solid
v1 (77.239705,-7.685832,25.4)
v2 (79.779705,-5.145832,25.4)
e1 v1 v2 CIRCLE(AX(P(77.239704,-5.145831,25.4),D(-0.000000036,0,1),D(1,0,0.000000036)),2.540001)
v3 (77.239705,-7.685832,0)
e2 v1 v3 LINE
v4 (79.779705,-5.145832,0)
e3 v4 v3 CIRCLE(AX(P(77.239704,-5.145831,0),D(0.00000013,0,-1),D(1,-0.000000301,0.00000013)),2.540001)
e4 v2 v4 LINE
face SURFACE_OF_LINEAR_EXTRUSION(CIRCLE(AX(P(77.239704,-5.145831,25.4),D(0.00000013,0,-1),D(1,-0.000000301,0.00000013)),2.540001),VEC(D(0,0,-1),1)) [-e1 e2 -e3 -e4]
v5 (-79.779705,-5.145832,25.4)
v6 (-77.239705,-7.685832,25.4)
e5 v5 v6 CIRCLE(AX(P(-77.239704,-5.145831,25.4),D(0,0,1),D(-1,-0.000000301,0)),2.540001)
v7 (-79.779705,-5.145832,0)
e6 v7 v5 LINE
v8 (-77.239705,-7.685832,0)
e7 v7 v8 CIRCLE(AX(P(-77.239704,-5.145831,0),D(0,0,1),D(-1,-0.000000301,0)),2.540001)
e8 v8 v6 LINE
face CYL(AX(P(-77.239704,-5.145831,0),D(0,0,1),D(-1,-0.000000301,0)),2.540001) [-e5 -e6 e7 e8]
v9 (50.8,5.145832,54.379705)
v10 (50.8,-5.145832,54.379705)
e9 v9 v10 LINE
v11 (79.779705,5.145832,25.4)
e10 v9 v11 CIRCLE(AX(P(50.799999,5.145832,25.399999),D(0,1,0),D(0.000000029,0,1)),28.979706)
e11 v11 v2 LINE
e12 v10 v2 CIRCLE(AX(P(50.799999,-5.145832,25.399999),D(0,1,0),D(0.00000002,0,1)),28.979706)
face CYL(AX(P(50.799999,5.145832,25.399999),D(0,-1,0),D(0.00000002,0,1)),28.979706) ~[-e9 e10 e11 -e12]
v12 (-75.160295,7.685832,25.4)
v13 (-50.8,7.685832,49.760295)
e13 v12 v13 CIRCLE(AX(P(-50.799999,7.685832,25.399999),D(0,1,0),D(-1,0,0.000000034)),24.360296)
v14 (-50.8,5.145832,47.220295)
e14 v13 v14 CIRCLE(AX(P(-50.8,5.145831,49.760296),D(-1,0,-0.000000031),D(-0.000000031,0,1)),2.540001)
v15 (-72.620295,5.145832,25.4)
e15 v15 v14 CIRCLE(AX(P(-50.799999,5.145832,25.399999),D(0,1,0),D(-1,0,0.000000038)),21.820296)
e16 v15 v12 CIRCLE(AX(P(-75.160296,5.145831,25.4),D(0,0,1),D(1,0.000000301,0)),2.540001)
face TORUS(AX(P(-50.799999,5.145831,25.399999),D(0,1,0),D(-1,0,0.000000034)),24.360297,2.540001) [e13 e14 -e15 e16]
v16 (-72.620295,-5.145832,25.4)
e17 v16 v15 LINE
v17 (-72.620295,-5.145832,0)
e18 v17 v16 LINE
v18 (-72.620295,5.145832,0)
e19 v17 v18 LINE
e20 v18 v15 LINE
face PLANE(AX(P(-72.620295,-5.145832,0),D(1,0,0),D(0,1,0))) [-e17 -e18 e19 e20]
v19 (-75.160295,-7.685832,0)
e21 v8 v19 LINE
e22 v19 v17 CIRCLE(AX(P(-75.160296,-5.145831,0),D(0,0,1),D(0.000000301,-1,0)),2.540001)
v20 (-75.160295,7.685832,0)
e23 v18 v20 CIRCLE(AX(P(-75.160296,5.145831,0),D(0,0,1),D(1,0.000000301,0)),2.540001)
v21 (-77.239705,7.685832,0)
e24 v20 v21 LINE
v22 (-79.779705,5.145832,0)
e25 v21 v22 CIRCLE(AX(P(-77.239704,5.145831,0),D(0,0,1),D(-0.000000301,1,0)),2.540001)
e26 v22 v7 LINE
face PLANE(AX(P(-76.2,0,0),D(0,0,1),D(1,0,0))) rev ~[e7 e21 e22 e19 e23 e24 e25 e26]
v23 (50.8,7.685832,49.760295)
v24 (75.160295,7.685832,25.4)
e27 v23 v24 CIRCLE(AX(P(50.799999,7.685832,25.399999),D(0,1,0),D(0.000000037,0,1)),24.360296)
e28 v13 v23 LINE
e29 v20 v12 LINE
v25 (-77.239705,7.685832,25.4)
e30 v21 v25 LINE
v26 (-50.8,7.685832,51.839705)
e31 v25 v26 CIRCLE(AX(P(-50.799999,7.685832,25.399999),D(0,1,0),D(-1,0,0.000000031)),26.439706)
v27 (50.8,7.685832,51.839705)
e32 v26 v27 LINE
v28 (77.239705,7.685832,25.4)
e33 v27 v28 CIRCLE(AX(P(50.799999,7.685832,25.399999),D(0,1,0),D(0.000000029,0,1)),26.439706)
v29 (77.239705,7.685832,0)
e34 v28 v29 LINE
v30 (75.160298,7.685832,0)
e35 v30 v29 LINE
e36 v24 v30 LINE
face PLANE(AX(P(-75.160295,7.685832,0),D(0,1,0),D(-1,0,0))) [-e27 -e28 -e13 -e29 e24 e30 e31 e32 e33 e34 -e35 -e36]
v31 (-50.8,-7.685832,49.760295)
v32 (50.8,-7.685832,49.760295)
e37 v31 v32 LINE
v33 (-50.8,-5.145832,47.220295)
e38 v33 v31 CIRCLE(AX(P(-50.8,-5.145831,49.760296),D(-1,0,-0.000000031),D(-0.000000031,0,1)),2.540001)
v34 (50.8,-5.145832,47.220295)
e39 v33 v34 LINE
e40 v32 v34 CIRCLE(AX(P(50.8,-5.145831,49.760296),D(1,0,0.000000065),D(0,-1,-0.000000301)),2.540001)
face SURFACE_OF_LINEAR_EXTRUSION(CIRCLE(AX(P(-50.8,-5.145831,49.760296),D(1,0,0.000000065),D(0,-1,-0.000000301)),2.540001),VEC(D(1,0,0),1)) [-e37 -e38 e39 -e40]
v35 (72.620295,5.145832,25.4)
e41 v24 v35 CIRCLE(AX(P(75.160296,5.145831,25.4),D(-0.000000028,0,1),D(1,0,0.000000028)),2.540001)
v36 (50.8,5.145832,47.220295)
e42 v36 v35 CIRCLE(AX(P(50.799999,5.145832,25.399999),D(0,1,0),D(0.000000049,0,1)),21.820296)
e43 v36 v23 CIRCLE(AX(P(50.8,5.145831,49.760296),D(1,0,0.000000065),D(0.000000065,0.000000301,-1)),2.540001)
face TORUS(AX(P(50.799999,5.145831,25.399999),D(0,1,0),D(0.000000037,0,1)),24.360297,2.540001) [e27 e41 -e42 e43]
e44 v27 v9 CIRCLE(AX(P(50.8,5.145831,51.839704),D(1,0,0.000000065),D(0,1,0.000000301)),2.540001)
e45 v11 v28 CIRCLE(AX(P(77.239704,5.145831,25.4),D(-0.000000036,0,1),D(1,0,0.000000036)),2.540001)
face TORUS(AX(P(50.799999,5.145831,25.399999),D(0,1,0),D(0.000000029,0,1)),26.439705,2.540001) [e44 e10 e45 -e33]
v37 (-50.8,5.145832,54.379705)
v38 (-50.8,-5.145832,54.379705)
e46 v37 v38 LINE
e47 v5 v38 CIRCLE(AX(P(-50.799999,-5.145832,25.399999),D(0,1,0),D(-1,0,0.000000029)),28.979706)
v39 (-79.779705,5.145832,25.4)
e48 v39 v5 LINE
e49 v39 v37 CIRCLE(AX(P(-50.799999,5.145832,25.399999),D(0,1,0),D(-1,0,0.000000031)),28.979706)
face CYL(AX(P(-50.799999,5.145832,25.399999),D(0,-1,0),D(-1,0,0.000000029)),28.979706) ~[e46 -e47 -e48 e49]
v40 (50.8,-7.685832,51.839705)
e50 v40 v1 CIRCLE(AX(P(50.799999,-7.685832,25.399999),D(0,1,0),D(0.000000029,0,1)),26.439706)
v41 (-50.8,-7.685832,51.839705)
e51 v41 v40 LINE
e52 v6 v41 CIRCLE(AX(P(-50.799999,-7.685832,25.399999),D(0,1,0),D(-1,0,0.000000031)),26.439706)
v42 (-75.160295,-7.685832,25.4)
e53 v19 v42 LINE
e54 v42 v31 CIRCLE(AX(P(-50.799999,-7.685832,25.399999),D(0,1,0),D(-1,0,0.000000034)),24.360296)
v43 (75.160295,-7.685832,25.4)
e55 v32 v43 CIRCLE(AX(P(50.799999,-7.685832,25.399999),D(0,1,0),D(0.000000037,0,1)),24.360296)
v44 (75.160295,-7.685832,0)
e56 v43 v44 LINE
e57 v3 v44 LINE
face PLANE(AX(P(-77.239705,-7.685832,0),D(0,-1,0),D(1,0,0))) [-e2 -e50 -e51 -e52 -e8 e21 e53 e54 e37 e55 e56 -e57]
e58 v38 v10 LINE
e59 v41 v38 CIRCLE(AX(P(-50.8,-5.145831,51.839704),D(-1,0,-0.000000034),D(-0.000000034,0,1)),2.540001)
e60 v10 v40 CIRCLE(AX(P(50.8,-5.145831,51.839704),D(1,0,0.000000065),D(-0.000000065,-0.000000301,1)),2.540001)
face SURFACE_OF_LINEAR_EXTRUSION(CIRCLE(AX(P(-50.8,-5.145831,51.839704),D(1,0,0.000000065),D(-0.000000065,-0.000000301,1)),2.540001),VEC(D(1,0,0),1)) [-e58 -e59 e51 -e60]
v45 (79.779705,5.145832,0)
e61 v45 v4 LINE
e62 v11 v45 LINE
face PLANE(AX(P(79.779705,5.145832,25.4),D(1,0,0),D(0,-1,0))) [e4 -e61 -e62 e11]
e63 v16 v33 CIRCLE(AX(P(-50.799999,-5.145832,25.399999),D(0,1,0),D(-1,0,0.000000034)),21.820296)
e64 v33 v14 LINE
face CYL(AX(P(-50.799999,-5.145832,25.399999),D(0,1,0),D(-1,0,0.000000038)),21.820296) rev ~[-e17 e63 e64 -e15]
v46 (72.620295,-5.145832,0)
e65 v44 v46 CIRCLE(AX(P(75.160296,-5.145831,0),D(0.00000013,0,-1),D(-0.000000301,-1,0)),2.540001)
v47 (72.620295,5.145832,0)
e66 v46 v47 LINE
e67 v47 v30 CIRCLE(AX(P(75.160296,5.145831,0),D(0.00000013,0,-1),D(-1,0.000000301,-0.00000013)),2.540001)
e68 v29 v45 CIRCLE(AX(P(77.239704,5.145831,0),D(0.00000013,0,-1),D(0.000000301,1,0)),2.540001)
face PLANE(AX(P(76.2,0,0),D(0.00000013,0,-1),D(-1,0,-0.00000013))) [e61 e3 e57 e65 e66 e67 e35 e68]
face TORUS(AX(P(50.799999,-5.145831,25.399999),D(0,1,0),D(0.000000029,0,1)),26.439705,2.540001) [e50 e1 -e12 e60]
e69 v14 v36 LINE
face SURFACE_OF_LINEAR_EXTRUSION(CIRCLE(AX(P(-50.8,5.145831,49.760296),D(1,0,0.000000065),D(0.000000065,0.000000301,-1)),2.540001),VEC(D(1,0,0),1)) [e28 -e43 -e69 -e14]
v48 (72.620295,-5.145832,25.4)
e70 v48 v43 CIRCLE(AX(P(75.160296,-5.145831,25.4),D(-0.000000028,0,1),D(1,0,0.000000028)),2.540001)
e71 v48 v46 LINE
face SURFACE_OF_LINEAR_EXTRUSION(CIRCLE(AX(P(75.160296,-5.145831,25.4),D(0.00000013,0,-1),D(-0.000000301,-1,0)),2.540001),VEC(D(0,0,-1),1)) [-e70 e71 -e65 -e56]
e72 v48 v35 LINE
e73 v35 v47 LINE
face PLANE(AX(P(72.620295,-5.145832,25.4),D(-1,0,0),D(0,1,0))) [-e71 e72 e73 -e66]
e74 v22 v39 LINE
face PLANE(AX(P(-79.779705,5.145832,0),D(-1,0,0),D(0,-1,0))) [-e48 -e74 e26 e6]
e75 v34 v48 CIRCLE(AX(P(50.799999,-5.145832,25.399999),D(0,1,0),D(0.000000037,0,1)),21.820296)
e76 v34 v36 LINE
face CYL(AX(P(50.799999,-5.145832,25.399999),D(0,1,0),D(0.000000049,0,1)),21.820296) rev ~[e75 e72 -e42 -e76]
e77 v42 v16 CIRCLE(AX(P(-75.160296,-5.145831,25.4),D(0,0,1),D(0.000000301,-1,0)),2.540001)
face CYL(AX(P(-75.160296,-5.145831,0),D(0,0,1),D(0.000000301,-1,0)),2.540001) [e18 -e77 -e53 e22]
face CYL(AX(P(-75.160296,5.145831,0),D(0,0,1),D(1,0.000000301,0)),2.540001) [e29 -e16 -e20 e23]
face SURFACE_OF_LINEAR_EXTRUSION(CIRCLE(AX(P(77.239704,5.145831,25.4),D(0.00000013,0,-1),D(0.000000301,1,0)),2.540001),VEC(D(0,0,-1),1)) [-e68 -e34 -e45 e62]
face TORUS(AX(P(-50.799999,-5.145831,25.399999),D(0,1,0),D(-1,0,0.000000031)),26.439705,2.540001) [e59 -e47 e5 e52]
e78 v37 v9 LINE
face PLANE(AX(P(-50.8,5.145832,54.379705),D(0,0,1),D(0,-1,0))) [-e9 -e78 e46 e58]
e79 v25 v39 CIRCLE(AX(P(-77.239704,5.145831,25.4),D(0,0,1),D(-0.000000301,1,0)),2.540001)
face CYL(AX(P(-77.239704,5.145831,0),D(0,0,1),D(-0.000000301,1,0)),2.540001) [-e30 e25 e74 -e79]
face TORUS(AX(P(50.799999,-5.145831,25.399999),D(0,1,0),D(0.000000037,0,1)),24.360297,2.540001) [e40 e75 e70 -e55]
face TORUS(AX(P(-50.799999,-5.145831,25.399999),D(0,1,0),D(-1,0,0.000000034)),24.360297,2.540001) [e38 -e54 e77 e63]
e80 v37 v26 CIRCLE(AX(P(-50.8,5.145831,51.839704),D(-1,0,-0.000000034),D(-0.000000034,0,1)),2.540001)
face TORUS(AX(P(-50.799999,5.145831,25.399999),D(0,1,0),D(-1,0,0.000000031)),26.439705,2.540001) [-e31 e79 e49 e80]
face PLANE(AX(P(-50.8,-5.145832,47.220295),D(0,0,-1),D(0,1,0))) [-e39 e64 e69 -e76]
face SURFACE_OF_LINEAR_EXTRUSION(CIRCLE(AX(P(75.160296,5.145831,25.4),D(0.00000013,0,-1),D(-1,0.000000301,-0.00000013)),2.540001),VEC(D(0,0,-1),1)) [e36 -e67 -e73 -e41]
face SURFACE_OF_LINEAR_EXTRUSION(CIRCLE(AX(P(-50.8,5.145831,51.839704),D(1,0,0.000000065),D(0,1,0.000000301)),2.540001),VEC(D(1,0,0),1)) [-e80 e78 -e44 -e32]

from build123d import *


with BuildPart() as f2:
    # F2: sweep along a path in F0
    with BuildLine(Plane.XZ) as f2_path:
        Line((-76.2, 0), (-76.2, 25.4))
        ThreePointArc((-76.2, 25.4), (-68.760512, 43.360512), (-50.8, 50.8))
        Line((-50.8, 50.8), (50.8, 50.8))
        ThreePointArc((50.8, 50.8), (68.760512, 43.360512), (76.2, 25.4))
        Line((76.2, 25.4), (76.2, 0))
    # F1 (on Top) → F2 (sweep)
    with BuildSketch(Plane.XY):
        with BuildLine():
            Line((-77.239705, -7.685832), (-75.160295, -7.685832))
            ThreePointArc((-75.160295, -7.685832), (-73.364244, -6.941883), (-72.620295, -5.145832))
            Line((-72.620295, -5.145832), (-72.620295, 5.145832))
            ThreePointArc((-72.620295, 5.145832), (-73.364244, 6.941883), (-75.160295, 7.685832))
            Line((-75.160295, 7.685832), (-77.239705, 7.685832))
            ThreePointArc((-77.239705, 7.685832), (-79.035756, 6.941883), (-79.779705, 5.145832))
            Line((-79.779705, 5.145832), (-79.779705, -5.145832))
            ThreePointArc((-79.779705, -5.145832), (-79.035756, -6.941883), (-77.239705, -7.685832))
        make_face()
    sweep(path=f2_path.line)


solid = f2.part
